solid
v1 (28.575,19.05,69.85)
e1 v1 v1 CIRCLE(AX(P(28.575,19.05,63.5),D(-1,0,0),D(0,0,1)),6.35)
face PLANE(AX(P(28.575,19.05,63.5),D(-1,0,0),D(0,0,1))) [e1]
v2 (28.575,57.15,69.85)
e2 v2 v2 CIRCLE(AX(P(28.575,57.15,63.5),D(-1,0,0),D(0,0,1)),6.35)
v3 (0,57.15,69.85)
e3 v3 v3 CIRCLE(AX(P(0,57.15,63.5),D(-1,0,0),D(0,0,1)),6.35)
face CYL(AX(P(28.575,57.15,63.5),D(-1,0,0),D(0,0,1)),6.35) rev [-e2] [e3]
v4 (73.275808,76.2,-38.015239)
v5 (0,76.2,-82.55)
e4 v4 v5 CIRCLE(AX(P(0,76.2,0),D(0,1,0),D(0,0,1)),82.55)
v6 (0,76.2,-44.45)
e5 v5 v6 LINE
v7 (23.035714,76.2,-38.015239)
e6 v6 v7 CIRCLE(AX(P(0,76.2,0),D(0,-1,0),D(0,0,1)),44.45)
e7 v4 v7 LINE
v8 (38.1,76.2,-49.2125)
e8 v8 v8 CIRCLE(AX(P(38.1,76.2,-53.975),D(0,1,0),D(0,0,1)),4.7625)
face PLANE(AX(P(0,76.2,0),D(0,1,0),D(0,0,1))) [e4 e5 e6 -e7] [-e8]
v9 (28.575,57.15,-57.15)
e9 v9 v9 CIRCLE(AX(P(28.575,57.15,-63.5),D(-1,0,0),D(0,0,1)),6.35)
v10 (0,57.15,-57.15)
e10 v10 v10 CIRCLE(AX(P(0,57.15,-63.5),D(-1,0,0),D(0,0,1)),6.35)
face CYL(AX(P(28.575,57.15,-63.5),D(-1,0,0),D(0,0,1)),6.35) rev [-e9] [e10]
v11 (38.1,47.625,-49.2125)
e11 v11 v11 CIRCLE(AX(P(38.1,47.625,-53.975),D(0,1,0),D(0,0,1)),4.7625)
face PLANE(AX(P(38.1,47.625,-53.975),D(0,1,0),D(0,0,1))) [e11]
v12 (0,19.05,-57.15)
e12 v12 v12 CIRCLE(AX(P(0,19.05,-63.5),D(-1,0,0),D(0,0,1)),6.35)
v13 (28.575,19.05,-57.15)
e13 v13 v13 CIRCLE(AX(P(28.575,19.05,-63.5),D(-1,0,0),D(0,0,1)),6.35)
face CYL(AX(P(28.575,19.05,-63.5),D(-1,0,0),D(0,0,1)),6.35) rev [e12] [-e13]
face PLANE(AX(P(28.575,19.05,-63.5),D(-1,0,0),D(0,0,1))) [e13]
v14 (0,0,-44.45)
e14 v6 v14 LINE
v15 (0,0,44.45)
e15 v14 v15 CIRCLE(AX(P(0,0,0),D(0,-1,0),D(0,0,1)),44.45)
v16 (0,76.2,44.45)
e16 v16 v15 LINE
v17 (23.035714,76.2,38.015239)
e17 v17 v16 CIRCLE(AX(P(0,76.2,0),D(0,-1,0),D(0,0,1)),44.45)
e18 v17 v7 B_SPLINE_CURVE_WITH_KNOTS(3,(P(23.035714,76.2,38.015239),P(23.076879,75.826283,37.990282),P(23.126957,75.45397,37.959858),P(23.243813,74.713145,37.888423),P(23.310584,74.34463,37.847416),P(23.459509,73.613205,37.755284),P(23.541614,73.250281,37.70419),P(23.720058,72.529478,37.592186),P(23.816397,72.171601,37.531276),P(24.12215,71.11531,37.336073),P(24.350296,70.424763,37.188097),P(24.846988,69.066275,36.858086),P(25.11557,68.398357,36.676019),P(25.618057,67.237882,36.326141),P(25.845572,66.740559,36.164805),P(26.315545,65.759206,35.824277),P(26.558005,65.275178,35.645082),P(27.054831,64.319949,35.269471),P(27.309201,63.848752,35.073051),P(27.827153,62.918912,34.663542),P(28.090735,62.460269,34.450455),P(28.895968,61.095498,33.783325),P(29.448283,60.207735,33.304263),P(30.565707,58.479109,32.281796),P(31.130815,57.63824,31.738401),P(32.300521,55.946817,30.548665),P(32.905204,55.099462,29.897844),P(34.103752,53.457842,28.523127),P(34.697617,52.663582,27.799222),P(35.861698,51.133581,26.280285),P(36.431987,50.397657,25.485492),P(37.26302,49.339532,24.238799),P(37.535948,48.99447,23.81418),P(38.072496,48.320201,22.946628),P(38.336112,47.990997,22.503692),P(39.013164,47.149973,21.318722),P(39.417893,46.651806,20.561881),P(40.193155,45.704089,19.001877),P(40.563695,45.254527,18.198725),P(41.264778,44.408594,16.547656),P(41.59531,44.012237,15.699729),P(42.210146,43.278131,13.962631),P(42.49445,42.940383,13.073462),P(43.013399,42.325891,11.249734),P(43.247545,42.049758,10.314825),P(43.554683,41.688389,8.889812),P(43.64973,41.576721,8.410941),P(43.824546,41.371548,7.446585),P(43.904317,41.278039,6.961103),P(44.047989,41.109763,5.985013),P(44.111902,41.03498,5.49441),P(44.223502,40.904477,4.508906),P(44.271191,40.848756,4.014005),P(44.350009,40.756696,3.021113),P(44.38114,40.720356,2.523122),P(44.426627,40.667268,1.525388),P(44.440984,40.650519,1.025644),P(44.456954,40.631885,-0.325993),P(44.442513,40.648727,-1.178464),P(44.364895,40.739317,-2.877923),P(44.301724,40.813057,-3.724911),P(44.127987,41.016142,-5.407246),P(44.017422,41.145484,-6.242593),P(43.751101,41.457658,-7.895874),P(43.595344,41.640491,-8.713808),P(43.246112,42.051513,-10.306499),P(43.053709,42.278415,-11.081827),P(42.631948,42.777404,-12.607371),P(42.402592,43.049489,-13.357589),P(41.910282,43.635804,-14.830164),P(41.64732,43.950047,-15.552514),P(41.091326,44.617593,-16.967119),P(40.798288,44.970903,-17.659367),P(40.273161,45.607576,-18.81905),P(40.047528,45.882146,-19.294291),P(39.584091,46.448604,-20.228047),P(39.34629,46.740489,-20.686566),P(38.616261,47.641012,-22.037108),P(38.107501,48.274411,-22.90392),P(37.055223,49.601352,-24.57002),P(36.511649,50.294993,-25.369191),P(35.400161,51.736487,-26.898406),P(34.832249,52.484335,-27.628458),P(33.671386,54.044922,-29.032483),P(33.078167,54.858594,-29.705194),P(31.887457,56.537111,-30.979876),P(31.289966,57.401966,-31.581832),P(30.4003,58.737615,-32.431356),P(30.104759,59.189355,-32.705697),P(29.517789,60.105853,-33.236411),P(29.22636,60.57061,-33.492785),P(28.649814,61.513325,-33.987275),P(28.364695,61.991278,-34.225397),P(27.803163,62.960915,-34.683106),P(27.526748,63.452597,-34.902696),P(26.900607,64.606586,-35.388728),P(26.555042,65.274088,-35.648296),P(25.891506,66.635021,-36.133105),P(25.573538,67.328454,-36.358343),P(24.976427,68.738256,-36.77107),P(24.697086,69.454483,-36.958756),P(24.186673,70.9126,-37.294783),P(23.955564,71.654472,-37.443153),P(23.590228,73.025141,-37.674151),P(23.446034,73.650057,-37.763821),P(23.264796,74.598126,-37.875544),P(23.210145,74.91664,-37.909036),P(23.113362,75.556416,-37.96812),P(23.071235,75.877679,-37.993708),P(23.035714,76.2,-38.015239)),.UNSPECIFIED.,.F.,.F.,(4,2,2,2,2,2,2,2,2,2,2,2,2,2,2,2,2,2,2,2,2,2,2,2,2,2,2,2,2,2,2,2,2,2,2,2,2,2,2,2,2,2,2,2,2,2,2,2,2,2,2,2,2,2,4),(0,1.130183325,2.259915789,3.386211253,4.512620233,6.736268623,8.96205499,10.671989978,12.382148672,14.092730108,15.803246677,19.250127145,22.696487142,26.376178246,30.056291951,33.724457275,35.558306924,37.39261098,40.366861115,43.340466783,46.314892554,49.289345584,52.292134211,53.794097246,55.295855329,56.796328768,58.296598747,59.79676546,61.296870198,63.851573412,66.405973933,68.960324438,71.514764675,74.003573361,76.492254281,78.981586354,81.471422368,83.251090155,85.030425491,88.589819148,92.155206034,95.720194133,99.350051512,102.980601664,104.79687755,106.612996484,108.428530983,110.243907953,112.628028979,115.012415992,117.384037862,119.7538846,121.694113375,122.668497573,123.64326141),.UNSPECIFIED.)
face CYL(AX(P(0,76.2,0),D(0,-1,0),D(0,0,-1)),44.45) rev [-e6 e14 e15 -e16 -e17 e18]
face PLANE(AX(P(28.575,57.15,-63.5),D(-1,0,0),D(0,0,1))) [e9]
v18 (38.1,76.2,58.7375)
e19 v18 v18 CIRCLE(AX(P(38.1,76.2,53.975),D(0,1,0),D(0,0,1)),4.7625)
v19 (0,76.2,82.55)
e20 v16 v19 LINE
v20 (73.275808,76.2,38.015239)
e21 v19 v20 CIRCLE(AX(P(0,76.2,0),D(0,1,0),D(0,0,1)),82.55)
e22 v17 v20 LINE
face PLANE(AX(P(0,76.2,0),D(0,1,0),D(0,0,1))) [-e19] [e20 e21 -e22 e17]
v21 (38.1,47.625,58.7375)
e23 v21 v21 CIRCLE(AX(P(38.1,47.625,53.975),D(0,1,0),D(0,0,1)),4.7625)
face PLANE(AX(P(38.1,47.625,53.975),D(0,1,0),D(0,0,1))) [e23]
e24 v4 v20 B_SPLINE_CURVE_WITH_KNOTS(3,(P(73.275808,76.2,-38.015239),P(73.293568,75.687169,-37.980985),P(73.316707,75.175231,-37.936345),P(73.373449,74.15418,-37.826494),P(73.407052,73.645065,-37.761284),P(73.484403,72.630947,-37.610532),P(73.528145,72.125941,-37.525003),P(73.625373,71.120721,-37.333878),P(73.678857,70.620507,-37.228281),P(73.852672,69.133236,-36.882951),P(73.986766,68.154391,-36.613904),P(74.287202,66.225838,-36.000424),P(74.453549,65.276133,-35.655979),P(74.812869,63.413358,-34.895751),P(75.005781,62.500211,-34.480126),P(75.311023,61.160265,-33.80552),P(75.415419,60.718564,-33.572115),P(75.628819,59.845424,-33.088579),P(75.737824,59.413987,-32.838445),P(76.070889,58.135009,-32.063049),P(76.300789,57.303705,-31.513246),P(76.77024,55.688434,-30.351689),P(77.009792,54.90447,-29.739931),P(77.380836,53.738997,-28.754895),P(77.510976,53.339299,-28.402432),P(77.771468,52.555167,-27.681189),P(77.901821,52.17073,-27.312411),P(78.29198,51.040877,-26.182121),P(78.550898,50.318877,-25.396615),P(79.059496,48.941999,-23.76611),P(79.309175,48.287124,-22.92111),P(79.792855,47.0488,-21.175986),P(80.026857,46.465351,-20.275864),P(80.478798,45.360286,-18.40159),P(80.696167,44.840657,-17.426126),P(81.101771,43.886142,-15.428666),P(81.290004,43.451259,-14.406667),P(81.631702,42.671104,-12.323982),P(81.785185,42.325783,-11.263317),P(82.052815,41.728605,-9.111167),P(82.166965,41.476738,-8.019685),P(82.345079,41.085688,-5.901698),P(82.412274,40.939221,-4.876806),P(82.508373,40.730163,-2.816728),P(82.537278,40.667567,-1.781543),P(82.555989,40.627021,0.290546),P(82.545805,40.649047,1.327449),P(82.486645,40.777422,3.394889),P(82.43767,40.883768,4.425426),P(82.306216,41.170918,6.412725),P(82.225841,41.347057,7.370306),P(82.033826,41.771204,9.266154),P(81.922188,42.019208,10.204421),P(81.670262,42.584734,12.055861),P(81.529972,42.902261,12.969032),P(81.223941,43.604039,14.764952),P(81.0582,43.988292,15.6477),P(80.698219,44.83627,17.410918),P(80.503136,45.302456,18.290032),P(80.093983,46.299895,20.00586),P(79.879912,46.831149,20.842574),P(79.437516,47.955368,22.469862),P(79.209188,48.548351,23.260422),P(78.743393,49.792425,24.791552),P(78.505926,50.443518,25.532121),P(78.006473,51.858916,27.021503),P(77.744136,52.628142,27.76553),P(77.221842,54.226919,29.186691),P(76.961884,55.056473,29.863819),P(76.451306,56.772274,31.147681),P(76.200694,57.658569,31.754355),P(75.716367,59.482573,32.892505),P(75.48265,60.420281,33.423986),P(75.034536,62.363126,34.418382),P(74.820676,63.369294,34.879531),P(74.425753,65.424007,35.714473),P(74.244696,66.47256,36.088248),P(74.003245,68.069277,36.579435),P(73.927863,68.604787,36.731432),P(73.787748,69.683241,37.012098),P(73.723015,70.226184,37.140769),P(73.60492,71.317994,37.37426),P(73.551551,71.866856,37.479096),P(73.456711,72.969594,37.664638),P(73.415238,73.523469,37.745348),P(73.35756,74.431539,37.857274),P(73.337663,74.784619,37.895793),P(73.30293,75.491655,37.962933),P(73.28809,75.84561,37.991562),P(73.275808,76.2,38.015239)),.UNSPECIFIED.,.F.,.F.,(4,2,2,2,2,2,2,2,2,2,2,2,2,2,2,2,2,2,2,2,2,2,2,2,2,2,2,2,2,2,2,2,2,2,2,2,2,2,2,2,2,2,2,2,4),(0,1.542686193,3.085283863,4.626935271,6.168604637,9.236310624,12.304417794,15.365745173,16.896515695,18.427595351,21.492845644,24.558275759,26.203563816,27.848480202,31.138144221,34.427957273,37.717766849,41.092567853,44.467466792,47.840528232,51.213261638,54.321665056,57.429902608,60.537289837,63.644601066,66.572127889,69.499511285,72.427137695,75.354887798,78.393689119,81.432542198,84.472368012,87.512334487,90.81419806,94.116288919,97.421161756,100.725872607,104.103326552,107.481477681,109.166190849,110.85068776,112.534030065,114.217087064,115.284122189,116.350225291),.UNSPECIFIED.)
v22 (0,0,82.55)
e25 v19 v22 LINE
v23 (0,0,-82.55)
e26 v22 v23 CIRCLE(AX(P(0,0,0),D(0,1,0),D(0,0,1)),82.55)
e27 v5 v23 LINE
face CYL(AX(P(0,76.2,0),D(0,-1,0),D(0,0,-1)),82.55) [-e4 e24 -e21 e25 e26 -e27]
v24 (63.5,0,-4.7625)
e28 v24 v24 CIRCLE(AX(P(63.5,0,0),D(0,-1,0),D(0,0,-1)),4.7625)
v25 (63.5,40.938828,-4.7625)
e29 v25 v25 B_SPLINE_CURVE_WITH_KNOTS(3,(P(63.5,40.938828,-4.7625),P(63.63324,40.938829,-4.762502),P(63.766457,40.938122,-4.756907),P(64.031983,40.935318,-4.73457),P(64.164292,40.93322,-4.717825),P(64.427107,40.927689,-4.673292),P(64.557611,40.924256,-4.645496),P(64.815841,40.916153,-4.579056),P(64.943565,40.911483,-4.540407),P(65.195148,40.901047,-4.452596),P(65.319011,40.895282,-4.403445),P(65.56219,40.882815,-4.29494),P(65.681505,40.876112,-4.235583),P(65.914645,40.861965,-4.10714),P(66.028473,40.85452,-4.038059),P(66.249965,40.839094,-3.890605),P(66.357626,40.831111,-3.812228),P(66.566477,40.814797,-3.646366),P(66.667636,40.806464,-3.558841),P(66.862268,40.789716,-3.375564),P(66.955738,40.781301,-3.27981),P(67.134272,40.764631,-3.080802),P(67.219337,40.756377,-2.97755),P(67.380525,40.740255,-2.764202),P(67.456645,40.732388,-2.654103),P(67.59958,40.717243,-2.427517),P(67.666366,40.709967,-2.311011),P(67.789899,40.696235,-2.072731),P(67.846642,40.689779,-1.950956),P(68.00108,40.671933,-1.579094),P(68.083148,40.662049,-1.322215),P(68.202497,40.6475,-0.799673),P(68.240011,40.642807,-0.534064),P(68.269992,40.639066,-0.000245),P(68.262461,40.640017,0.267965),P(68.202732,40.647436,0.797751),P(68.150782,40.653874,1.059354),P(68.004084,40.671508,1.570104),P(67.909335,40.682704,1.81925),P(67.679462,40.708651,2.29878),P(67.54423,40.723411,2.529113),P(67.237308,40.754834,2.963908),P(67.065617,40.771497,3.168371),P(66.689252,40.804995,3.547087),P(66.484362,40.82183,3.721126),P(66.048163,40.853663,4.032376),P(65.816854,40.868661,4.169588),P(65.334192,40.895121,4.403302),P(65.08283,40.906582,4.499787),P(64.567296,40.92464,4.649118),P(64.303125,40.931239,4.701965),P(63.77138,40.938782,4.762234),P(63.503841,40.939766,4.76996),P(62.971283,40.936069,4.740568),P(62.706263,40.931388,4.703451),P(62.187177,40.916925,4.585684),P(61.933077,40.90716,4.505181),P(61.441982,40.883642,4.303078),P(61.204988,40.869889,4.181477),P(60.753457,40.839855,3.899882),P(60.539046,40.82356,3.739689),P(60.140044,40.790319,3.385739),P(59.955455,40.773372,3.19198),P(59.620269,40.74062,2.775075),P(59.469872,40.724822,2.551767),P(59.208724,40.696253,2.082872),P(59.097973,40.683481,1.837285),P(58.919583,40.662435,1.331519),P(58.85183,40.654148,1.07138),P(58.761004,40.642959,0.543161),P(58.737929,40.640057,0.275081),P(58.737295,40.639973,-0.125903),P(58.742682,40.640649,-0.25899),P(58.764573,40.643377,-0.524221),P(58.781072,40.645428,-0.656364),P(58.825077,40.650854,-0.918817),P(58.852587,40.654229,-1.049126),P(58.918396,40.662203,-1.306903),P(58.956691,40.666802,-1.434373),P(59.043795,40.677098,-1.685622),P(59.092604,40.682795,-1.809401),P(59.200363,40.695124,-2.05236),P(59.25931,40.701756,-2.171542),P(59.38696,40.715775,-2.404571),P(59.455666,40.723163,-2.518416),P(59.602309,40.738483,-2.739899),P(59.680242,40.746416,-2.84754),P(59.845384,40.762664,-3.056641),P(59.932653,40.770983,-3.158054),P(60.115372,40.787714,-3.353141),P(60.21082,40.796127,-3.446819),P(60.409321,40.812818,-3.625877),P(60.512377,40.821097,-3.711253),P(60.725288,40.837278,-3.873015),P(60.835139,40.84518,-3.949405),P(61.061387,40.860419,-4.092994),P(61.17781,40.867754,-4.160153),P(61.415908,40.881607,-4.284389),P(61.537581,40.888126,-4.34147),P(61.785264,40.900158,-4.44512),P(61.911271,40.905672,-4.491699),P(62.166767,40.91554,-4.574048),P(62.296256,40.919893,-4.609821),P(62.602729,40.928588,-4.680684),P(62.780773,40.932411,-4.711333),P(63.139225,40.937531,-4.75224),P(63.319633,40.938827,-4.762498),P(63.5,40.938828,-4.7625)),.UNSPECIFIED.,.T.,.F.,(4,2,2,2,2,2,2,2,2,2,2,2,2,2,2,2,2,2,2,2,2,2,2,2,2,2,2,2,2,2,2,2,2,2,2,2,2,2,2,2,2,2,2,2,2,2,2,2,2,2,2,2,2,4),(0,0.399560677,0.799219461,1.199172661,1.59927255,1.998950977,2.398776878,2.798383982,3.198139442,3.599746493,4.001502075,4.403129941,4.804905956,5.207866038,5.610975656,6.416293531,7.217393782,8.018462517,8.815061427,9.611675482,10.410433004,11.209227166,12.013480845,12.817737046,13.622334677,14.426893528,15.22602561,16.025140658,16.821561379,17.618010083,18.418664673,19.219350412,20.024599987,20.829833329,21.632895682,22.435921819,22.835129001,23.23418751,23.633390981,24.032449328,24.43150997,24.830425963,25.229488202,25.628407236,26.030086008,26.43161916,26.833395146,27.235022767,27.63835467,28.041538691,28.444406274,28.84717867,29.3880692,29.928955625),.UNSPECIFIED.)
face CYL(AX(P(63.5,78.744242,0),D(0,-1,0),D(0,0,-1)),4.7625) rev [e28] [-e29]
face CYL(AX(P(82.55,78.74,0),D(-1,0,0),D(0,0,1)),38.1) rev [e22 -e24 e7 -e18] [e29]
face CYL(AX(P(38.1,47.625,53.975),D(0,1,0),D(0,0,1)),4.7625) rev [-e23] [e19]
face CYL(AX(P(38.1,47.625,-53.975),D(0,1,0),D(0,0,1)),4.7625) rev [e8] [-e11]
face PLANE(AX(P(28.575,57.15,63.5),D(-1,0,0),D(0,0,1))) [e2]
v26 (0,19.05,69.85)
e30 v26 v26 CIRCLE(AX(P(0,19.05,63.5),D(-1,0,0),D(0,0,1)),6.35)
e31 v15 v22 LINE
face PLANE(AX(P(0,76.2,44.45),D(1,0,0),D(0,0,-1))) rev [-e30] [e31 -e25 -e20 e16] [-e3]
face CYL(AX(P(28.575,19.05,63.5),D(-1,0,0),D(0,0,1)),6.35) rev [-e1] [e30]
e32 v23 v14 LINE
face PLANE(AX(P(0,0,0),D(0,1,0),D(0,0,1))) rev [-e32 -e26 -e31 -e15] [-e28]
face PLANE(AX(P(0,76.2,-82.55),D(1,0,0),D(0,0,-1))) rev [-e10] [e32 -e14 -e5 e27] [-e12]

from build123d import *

# Parameters (mm, degrees)
BOSS_EXTRUDE1_DEPTH = 76.2
SKETCH2_R           = 6.35
CUT_EXTRUDE1_DEPTH  = 28.575
SKETCH4_R           = 38.1
CUT_EXTRUDE3_DEPTH  = 83.55
SKETCH5_R           = 4.7625
CUT_EXTRUDE4_DEPTH  = 77.2000001
SKETCH6_R           = 4.7625
CUT_EXTRUDE5_DEPTH  = 28.575


with BuildPart() as part:
    # Sketch1 → Boss-Extrude1 (new body)
    with BuildSketch(Plane(origin=(0, 0, 0), x_dir=(1, 0, 0), z_dir=(0, 1, 0))):
        with BuildLine():
            Line((0, 82.55), (0, 44.45))
            ThreePointArc((0, 44.45), (44.45, 0), (0, -44.45))
            Line((0, -44.45), (0, -82.55))
            ThreePointArc((0, -82.55), (82.55, 0), (0, 82.55))
        make_face()
    extrude(amount=BOSS_EXTRUDE1_DEPTH)

    # Sketch2 → Cut-Extrude1 (cut)
    with BuildSketch(Plane.ZY):
        with Locations((-63.5, 57.15)):
            Circle(SKETCH2_R)
        with Locations((-63.5, 19.05)):
            Circle(SKETCH2_R)
        with Locations((63.5, 19.05)):
            Circle(SKETCH2_R)
        with Locations((63.5, 57.15)):
            Circle(SKETCH2_R)
    extrude(amount=-CUT_EXTRUDE1_DEPTH, mode=Mode.SUBTRACT)

    # Sketch4 → Cut-Extrude3 (cut, through all)
    with BuildSketch(Plane.ZY):
        with Locations((0, 78.74)):
            Circle(SKETCH4_R)
    extrude(amount=-CUT_EXTRUDE3_DEPTH, mode=Mode.SUBTRACT)

    # Sketch5 → Cut-Extrude4 (cut, through all)
    with BuildSketch(Plane(origin=(0, 0, 0), x_dir=(-1, 0, 0), z_dir=(0, -1, 0))):
        with Locations((-63.5, 0)):
            Circle(SKETCH5_R)
    extrude(amount=-CUT_EXTRUDE4_DEPTH, mode=Mode.SUBTRACT)

    # Sketch6 → Cut-Extrude5 (cut)
    with BuildSketch(Plane(origin=(0, 76.2, 0), x_dir=(1, 0, 0), z_dir=(0, 1, 0))):
        with Locations((38.1, -53.975)):
            Circle(SKETCH6_R)
        with Locations((38.1, 53.975)):
            Circle(SKETCH6_R)
    extrude(amount=-CUT_EXTRUDE5_DEPTH, mode=Mode.SUBTRACT)


solid = part.part
